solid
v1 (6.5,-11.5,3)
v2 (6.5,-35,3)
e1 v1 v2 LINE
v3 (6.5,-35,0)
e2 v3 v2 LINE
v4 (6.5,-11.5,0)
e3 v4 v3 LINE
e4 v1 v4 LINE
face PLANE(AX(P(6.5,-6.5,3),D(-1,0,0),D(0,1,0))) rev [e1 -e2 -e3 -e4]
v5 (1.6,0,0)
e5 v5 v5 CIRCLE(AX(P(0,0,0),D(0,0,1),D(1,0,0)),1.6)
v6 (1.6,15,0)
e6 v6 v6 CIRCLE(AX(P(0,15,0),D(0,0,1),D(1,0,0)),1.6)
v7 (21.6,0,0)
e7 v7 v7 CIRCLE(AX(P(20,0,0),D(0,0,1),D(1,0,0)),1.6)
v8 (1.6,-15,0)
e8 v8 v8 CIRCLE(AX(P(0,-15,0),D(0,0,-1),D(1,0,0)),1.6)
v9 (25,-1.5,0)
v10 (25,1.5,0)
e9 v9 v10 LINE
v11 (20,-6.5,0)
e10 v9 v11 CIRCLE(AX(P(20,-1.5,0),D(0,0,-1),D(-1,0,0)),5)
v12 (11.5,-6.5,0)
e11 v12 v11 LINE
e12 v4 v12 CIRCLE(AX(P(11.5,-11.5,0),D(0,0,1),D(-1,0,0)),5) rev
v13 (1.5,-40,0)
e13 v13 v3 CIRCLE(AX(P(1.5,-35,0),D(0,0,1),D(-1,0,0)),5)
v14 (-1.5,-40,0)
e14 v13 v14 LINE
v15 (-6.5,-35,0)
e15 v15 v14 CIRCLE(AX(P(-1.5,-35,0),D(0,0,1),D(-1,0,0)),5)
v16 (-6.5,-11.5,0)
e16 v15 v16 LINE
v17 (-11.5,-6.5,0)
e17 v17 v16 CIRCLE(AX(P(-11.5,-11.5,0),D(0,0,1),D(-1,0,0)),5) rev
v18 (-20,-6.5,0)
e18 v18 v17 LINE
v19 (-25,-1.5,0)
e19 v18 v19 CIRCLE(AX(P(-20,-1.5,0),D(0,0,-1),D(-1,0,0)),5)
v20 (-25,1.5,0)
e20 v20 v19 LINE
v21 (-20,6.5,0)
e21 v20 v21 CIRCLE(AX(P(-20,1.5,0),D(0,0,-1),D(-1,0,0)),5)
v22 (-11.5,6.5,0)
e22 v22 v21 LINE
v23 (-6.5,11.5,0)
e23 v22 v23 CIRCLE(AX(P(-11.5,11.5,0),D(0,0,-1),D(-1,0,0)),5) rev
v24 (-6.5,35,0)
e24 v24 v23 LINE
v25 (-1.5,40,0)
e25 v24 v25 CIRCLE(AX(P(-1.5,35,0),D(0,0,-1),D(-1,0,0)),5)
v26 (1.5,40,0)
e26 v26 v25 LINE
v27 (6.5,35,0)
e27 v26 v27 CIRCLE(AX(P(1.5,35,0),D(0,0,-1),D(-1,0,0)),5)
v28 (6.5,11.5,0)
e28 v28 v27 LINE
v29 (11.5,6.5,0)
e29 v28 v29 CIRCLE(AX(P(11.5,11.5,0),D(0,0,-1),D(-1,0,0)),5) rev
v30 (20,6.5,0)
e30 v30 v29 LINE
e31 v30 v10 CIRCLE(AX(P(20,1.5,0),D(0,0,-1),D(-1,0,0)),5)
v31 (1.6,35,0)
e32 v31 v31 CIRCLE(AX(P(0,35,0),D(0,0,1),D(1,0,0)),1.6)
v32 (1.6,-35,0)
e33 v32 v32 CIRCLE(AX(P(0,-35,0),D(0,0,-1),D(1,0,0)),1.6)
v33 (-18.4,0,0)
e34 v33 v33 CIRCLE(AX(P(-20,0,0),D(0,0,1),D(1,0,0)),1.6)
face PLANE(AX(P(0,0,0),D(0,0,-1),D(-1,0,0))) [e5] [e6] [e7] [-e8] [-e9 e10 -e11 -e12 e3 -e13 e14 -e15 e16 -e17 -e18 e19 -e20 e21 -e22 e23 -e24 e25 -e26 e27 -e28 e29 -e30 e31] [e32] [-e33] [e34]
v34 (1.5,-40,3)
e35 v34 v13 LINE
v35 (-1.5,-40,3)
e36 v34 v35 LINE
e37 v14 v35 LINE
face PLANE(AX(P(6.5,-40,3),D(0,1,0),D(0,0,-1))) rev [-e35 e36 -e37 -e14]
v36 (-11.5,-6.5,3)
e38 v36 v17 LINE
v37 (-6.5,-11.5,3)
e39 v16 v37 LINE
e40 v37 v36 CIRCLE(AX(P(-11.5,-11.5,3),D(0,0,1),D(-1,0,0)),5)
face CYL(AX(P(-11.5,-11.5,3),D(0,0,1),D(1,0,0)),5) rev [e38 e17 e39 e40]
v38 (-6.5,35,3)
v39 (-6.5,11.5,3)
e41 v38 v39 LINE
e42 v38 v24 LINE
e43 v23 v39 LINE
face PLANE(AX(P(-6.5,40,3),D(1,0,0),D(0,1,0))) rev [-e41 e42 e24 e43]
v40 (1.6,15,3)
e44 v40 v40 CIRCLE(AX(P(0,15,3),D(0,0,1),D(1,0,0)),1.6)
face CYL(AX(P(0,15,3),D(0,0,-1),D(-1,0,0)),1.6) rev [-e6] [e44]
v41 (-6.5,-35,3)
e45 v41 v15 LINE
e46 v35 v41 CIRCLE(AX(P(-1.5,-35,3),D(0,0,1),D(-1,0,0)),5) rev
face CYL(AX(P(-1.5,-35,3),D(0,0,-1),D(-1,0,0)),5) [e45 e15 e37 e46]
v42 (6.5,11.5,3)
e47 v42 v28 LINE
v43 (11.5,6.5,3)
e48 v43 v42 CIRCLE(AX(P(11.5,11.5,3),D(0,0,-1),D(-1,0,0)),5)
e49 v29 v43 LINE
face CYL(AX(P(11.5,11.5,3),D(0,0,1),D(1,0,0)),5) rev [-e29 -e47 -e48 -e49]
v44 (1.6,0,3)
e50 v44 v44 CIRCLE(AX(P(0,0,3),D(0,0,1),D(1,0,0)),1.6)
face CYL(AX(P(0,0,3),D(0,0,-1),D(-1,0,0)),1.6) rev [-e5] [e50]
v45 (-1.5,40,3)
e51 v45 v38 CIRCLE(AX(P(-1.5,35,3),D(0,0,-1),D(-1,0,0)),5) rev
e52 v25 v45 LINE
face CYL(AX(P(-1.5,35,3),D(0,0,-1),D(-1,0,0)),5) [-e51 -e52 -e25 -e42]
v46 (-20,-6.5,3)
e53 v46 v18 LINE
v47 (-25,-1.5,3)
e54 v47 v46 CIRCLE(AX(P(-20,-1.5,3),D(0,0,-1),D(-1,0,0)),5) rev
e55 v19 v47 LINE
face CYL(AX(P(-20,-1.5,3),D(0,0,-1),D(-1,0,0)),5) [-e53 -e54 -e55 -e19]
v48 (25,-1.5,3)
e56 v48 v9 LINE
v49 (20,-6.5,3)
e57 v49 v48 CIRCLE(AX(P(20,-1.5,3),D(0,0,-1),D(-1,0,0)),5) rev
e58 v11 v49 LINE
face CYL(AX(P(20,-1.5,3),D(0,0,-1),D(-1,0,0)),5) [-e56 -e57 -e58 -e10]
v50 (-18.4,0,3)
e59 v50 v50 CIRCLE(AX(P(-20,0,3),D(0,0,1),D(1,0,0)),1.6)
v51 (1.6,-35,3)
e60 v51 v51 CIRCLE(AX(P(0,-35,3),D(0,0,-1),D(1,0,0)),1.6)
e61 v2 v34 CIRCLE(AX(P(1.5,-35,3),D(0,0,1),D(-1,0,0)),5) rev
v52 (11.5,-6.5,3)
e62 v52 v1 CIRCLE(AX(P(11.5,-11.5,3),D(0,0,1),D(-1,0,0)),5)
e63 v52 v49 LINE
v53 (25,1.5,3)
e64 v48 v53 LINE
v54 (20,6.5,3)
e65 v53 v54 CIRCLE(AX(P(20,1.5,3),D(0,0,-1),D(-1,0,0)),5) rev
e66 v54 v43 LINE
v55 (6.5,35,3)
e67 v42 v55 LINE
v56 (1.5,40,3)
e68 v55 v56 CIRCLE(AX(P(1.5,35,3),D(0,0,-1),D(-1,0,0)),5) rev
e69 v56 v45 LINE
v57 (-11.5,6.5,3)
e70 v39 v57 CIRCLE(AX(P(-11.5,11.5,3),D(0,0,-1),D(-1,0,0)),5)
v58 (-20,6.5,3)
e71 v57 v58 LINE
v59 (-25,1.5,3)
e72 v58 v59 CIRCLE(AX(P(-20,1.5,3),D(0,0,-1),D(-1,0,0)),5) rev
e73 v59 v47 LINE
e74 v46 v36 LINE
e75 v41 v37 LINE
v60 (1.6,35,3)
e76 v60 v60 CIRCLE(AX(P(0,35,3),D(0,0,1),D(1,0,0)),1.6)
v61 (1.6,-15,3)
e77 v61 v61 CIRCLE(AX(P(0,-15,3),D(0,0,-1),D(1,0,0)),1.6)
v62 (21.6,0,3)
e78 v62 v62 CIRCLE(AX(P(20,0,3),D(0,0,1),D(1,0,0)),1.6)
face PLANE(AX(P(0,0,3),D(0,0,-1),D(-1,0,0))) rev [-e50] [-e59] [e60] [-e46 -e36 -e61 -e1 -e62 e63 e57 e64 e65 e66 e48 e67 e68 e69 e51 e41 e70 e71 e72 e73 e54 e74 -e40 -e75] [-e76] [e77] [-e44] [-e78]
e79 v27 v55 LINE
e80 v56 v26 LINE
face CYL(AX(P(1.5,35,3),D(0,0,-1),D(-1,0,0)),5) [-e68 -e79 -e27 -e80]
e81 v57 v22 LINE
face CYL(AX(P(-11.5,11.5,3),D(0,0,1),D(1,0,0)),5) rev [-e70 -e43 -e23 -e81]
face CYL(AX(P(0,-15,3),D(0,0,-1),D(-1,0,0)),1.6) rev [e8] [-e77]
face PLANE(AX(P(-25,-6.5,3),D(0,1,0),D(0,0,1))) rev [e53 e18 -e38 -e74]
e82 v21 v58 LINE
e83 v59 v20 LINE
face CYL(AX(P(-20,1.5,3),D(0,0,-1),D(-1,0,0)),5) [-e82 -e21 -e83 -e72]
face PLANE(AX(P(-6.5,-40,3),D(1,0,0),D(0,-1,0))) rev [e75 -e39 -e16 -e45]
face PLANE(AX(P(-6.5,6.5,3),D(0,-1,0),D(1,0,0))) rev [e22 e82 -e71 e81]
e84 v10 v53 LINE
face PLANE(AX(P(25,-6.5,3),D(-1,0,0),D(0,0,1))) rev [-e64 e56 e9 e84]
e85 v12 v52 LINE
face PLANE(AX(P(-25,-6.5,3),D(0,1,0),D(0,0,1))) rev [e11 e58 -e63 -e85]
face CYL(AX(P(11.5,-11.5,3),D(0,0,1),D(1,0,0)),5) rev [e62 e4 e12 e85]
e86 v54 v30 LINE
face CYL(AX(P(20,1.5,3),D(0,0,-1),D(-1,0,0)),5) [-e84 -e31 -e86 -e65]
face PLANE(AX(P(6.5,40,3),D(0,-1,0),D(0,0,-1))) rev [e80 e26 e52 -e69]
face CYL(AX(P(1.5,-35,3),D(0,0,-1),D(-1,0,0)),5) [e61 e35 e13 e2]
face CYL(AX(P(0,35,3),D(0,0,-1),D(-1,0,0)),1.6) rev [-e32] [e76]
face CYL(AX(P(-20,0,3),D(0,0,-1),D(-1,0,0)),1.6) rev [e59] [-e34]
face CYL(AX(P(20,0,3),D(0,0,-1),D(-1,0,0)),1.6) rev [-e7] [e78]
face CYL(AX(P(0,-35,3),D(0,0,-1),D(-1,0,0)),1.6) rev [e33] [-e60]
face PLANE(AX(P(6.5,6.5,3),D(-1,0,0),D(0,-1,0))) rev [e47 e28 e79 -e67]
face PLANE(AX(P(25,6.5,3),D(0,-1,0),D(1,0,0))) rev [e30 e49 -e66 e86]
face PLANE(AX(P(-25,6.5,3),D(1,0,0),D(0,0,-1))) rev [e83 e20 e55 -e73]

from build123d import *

# Parameters (mm, degrees)
SKETCH_1_R      = 1.6
EXTRUDE_1_DEPTH = 3
FILLET_1_R      = 5


with BuildPart() as part:
    # 草图1 → 凸台-拉伸1 (new body)
    with BuildSketch(Plane.XY):
        Polygon((-6.5, 6.5), (-25, 6.5), (-25, -6.5), (25, -6.5), (25, 6.5), (6.5, 6.5), (6.5, 40), (-6.5, 40), align=None)
        with Locations((0, 35)):
            Circle(SKETCH_1_R, mode=Mode.SUBTRACT)
        with Locations((0, 15)):
            Circle(SKETCH_1_R, mode=Mode.SUBTRACT)
        Circle(SKETCH_1_R, mode=Mode.SUBTRACT)
        with Locations((20, 0)):
            Circle(SKETCH_1_R, mode=Mode.SUBTRACT)
        with Locations((-20, 0)):
            Circle(SKETCH_1_R, mode=Mode.SUBTRACT)
    extrude(amount=EXTRUDE_1_DEPTH)

    # 圆角1
    fillet_1_edges = [part.edges().sort_by_distance(p)[0] for p in [
        (-6.5, 40, 1.5),
        (6.5, 40, 1.5),
        (6.5, 6.5, 1.5),
        (25, 6.5, 1.5),
        (25, -6.5, 1.5),
        (-25, -6.5, 1.5),
        (-25, 6.5, 1.5),
        (-6.5, 6.5, 1.5),
    ]]
    fillet(fillet_1_edges, radius=FILLET_1_R)

    # 镜向1: part across plane


with BuildPart() as part_1:
    add(part.part)
    add(part.part.mirror(Plane.ZX))


solid = part_1.part
